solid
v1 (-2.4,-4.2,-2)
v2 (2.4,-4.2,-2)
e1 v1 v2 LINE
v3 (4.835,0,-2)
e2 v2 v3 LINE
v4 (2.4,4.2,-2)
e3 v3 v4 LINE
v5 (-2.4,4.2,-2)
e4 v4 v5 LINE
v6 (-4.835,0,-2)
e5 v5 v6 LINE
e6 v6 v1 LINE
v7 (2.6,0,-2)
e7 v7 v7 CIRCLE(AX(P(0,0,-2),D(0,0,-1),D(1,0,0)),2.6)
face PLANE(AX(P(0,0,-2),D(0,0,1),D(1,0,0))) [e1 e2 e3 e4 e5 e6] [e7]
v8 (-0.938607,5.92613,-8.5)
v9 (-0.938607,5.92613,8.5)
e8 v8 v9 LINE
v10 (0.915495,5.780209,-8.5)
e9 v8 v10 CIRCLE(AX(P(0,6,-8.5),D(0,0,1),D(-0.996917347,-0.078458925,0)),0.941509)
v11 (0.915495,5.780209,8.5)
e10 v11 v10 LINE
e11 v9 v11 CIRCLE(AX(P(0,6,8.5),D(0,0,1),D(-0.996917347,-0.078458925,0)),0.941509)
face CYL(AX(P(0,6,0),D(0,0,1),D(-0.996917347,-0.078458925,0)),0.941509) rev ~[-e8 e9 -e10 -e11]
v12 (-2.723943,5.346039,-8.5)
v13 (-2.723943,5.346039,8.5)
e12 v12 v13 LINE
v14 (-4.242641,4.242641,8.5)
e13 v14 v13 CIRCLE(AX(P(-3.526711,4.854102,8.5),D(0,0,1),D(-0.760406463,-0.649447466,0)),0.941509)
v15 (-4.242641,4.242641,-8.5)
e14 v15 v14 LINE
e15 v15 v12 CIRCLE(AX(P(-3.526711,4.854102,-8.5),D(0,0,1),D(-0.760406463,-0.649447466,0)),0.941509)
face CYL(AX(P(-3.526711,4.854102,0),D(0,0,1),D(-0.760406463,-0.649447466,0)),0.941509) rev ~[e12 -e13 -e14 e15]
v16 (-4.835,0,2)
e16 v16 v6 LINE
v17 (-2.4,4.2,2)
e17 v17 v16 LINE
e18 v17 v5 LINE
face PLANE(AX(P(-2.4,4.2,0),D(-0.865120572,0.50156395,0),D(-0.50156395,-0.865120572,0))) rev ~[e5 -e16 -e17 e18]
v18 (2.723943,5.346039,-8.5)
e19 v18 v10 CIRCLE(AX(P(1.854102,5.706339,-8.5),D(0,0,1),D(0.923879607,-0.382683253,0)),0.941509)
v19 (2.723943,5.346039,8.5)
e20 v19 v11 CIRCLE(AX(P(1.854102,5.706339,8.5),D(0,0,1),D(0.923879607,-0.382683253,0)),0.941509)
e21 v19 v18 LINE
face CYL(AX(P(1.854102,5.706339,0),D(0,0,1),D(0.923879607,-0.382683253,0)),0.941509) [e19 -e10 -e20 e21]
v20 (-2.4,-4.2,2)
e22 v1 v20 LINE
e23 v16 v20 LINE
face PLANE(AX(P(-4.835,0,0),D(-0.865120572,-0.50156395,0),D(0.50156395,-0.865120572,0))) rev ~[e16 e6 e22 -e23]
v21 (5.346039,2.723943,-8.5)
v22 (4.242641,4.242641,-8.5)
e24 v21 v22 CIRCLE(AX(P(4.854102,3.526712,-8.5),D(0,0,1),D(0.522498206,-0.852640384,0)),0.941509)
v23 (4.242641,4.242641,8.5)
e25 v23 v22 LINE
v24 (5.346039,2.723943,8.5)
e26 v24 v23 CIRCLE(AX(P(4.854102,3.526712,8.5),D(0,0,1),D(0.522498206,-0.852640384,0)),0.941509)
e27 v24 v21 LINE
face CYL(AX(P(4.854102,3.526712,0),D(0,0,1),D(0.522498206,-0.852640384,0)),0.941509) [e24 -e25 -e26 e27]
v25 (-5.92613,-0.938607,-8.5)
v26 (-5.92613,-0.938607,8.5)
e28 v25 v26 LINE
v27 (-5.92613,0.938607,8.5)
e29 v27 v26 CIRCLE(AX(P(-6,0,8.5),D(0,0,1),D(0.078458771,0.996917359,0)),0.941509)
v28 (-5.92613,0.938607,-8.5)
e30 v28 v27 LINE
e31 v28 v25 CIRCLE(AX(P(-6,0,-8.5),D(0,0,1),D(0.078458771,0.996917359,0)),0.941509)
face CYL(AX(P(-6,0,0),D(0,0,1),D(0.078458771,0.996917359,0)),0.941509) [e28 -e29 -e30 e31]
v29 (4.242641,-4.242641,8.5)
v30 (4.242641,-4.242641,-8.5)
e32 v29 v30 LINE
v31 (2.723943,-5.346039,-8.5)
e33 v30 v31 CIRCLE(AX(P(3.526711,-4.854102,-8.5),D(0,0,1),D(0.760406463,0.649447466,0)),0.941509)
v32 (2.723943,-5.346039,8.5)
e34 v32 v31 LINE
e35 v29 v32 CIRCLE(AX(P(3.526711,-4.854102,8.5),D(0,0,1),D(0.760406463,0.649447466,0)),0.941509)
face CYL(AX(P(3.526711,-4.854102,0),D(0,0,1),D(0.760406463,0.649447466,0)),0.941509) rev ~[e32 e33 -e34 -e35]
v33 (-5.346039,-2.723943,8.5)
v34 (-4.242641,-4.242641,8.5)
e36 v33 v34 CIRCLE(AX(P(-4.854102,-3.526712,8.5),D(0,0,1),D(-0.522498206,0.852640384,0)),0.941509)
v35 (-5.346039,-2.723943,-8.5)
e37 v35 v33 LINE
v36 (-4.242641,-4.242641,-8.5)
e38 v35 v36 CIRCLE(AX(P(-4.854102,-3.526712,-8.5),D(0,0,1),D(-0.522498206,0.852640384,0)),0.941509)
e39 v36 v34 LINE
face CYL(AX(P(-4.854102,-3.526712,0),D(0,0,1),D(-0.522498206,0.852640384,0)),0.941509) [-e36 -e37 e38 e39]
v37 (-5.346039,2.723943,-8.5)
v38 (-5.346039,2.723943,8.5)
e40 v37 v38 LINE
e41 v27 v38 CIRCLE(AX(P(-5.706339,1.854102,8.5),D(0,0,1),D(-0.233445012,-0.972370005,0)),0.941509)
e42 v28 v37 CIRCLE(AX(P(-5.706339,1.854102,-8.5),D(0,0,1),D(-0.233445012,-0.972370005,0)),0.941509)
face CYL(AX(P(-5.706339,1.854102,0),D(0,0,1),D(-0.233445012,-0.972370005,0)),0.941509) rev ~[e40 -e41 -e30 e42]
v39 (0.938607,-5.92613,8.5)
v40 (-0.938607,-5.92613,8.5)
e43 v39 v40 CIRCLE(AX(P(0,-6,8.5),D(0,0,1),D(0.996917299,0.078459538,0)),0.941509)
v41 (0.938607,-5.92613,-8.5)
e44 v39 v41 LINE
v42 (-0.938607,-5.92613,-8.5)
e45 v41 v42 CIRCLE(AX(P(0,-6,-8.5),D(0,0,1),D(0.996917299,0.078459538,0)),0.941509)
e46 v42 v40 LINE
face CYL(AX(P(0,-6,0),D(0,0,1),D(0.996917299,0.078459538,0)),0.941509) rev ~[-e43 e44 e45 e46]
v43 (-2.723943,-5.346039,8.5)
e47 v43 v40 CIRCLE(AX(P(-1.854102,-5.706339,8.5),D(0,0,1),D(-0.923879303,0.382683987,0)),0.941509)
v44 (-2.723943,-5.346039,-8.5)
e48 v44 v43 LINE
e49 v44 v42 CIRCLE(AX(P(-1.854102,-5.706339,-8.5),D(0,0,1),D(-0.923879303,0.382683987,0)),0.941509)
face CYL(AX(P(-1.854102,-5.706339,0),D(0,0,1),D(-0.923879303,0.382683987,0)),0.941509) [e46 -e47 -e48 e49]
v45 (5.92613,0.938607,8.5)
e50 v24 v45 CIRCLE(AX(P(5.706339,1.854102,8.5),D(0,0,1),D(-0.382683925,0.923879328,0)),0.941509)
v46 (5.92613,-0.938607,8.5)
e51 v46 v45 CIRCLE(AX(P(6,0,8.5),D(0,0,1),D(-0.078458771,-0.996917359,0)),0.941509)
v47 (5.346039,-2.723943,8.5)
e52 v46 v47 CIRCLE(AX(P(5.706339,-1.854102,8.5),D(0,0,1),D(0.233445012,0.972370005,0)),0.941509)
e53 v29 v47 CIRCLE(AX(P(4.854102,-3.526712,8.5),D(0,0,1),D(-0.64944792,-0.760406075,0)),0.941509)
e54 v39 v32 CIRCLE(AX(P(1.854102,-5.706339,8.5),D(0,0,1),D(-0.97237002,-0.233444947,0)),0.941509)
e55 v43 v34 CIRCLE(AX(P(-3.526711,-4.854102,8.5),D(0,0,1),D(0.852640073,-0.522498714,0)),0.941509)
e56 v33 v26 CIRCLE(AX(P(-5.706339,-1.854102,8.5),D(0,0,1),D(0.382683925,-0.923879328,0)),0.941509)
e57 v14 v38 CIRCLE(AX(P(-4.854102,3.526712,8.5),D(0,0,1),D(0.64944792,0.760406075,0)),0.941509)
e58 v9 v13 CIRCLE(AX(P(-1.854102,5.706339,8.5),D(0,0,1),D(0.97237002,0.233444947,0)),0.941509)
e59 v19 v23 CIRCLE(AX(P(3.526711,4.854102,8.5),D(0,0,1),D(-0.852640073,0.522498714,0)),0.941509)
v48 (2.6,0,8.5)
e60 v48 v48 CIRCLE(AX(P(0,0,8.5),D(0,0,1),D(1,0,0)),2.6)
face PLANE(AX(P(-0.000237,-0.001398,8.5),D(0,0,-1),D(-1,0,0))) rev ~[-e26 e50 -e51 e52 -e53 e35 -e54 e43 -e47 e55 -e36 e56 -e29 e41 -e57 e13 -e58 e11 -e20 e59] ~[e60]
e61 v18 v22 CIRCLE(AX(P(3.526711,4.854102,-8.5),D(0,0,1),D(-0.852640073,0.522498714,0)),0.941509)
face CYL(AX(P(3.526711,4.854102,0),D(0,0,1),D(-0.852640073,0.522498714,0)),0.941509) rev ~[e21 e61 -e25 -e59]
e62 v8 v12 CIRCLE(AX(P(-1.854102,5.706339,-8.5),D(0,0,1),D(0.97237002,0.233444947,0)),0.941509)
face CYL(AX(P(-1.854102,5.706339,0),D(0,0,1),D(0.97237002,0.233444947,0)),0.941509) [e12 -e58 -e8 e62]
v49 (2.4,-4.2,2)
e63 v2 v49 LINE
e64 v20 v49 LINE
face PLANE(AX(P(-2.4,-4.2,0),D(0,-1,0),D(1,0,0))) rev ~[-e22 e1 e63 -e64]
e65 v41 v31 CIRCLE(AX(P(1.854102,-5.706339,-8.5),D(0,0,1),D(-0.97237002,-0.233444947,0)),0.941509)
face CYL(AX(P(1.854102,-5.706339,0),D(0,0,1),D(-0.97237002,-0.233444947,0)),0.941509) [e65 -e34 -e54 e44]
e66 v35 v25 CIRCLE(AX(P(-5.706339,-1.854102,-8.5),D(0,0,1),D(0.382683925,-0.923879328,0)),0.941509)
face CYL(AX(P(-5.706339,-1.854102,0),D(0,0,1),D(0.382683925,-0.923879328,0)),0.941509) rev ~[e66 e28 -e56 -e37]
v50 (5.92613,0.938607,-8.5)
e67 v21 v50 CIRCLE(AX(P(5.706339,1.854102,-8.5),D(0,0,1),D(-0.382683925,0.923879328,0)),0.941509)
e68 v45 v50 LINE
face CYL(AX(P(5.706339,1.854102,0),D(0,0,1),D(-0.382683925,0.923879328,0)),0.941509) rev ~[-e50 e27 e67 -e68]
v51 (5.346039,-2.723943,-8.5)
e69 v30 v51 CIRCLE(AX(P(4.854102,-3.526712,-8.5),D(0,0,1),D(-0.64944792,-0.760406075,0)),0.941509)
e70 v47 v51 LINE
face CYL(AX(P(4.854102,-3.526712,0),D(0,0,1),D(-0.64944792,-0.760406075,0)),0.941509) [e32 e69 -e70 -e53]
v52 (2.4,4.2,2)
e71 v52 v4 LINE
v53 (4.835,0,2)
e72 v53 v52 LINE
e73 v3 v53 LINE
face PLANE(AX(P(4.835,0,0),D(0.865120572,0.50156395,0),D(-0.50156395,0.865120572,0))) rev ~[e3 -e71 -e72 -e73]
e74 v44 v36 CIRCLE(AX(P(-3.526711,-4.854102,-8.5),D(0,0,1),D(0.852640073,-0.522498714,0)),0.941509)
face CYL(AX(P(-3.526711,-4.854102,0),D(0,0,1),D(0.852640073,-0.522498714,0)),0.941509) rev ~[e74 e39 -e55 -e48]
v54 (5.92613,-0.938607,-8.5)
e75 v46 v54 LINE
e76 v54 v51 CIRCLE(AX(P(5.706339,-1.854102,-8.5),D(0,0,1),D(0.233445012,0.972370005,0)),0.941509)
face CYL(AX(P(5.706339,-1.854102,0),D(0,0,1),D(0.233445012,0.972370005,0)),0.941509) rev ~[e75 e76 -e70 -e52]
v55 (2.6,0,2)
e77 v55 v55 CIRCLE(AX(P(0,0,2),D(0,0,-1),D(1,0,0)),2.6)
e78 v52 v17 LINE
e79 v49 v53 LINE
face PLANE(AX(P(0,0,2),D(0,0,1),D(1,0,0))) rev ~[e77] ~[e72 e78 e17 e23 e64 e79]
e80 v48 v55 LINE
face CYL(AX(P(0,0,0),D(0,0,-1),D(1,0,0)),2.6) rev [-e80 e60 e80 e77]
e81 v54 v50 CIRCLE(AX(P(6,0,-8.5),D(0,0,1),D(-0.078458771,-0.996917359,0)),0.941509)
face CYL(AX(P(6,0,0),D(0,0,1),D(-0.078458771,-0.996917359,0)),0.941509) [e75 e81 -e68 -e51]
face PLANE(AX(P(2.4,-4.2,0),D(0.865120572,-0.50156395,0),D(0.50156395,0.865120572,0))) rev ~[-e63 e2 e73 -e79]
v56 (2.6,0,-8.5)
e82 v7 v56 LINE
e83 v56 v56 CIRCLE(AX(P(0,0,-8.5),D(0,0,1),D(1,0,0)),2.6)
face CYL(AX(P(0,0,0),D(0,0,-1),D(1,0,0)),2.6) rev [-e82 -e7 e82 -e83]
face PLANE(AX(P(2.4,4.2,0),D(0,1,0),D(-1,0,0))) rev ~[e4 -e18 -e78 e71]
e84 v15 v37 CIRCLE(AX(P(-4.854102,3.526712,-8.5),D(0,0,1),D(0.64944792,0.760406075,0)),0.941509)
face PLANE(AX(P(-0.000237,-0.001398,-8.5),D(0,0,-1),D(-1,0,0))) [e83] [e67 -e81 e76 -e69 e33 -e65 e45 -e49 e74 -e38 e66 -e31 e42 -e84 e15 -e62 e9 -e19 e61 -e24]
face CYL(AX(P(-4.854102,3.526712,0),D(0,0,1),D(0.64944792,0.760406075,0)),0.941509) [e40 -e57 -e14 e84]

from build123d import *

# Parameters (mm, degrees)
EXTRUDE001_DEPTH = 2
SKETCH_R         = 2.6
EXTRUDE_DEPTH    = 8.5


with BuildPart() as nut_pocket:
    # Sketch001 → Extrude001 (new body, symmetric)
    with BuildSketch(Plane.XY):
        Polygon((-4.835, 0), (-2.4, -4.2), (2.4, -4.2), (4.835, 0), (2.4, 4.2), (-2.4, 4.2), align=None)
    extrude(amount=EXTRUDE001_DEPTH, both=True)


with BuildPart() as cut:
    # Sketch → Extrude (new body, symmetric)
    with BuildSketch(Plane.XY):
        with BuildLine():
            ThreePointArc((-0.938607, 5.92613), (-0.07387, 5.061393), (0.915495, 5.780209))
            ThreePointArc((2.723943, 5.346039), (2.073893, 6.621834), (0.915495, 5.780209))
            ThreePointArc((2.723943, 5.346039), (2.973306, 4.092405), (4.242641, 4.242641))
            ThreePointArc((5.346039, 2.723943), (5.615799, 4.080117), (4.242641, 4.242641))
            ThreePointArc((5.346039, 2.723943), (4.810911, 1.56316), (5.92613, 0.938607))
            ThreePointArc((5.92613, -0.938607), (6.941509, 0), (5.92613, 0.938607))
            ThreePointArc((5.92613, -0.938607), (4.810911, -1.56316), (5.346039, -2.723943))
            ThreePointArc((4.242641, -4.242641), (5.615799, -4.080117), (5.346039, -2.723943))
            ThreePointArc((4.242641, -4.242641), (2.973306, -4.092405), (2.723943, -5.346039))
            ThreePointArc((0.938607, -5.92613), (2.145044, -6.601768), (2.723943, -5.346039))
            ThreePointArc((0.938607, -5.92613), (0, -5.058491), (-0.938607, -5.92613))
            ThreePointArc((-2.723943, -5.346039), (-2.145044, -6.601768), (-0.938607, -5.92613))
            ThreePointArc((-2.723943, -5.346039), (-2.973306, -4.092405), (-4.242641, -4.242641))
            ThreePointArc((-5.346039, -2.723943), (-5.615799, -4.080117), (-4.242641, -4.242641))
            ThreePointArc((-5.346039, -2.723943), (-4.810911, -1.56316), (-5.92613, -0.938607))
            ThreePointArc((-5.92613, 0.938607), (-6.941509, 0), (-5.92613, -0.938607))
            ThreePointArc((-5.92613, 0.938607), (-4.810911, 1.56316), (-5.346039, 2.723943))
            ThreePointArc((-4.242641, 4.242641), (-5.615799, 4.080117), (-5.346039, 2.723943))
            ThreePointArc((-4.242641, 4.242641), (-2.973306, 4.092405), (-2.723943, 5.346039))
            ThreePointArc((-0.938607, 5.92613), (-2.145044, 6.601768), (-2.723943, 5.346039))
        make_face()
        Circle(SKETCH_R, mode=Mode.SUBTRACT)
    extrude(amount=EXTRUDE_DEPTH, both=True)

    # Cut: cut Nut Pocket
    add(nut_pocket.part, mode=Mode.SUBTRACT)


solid = cut.part
